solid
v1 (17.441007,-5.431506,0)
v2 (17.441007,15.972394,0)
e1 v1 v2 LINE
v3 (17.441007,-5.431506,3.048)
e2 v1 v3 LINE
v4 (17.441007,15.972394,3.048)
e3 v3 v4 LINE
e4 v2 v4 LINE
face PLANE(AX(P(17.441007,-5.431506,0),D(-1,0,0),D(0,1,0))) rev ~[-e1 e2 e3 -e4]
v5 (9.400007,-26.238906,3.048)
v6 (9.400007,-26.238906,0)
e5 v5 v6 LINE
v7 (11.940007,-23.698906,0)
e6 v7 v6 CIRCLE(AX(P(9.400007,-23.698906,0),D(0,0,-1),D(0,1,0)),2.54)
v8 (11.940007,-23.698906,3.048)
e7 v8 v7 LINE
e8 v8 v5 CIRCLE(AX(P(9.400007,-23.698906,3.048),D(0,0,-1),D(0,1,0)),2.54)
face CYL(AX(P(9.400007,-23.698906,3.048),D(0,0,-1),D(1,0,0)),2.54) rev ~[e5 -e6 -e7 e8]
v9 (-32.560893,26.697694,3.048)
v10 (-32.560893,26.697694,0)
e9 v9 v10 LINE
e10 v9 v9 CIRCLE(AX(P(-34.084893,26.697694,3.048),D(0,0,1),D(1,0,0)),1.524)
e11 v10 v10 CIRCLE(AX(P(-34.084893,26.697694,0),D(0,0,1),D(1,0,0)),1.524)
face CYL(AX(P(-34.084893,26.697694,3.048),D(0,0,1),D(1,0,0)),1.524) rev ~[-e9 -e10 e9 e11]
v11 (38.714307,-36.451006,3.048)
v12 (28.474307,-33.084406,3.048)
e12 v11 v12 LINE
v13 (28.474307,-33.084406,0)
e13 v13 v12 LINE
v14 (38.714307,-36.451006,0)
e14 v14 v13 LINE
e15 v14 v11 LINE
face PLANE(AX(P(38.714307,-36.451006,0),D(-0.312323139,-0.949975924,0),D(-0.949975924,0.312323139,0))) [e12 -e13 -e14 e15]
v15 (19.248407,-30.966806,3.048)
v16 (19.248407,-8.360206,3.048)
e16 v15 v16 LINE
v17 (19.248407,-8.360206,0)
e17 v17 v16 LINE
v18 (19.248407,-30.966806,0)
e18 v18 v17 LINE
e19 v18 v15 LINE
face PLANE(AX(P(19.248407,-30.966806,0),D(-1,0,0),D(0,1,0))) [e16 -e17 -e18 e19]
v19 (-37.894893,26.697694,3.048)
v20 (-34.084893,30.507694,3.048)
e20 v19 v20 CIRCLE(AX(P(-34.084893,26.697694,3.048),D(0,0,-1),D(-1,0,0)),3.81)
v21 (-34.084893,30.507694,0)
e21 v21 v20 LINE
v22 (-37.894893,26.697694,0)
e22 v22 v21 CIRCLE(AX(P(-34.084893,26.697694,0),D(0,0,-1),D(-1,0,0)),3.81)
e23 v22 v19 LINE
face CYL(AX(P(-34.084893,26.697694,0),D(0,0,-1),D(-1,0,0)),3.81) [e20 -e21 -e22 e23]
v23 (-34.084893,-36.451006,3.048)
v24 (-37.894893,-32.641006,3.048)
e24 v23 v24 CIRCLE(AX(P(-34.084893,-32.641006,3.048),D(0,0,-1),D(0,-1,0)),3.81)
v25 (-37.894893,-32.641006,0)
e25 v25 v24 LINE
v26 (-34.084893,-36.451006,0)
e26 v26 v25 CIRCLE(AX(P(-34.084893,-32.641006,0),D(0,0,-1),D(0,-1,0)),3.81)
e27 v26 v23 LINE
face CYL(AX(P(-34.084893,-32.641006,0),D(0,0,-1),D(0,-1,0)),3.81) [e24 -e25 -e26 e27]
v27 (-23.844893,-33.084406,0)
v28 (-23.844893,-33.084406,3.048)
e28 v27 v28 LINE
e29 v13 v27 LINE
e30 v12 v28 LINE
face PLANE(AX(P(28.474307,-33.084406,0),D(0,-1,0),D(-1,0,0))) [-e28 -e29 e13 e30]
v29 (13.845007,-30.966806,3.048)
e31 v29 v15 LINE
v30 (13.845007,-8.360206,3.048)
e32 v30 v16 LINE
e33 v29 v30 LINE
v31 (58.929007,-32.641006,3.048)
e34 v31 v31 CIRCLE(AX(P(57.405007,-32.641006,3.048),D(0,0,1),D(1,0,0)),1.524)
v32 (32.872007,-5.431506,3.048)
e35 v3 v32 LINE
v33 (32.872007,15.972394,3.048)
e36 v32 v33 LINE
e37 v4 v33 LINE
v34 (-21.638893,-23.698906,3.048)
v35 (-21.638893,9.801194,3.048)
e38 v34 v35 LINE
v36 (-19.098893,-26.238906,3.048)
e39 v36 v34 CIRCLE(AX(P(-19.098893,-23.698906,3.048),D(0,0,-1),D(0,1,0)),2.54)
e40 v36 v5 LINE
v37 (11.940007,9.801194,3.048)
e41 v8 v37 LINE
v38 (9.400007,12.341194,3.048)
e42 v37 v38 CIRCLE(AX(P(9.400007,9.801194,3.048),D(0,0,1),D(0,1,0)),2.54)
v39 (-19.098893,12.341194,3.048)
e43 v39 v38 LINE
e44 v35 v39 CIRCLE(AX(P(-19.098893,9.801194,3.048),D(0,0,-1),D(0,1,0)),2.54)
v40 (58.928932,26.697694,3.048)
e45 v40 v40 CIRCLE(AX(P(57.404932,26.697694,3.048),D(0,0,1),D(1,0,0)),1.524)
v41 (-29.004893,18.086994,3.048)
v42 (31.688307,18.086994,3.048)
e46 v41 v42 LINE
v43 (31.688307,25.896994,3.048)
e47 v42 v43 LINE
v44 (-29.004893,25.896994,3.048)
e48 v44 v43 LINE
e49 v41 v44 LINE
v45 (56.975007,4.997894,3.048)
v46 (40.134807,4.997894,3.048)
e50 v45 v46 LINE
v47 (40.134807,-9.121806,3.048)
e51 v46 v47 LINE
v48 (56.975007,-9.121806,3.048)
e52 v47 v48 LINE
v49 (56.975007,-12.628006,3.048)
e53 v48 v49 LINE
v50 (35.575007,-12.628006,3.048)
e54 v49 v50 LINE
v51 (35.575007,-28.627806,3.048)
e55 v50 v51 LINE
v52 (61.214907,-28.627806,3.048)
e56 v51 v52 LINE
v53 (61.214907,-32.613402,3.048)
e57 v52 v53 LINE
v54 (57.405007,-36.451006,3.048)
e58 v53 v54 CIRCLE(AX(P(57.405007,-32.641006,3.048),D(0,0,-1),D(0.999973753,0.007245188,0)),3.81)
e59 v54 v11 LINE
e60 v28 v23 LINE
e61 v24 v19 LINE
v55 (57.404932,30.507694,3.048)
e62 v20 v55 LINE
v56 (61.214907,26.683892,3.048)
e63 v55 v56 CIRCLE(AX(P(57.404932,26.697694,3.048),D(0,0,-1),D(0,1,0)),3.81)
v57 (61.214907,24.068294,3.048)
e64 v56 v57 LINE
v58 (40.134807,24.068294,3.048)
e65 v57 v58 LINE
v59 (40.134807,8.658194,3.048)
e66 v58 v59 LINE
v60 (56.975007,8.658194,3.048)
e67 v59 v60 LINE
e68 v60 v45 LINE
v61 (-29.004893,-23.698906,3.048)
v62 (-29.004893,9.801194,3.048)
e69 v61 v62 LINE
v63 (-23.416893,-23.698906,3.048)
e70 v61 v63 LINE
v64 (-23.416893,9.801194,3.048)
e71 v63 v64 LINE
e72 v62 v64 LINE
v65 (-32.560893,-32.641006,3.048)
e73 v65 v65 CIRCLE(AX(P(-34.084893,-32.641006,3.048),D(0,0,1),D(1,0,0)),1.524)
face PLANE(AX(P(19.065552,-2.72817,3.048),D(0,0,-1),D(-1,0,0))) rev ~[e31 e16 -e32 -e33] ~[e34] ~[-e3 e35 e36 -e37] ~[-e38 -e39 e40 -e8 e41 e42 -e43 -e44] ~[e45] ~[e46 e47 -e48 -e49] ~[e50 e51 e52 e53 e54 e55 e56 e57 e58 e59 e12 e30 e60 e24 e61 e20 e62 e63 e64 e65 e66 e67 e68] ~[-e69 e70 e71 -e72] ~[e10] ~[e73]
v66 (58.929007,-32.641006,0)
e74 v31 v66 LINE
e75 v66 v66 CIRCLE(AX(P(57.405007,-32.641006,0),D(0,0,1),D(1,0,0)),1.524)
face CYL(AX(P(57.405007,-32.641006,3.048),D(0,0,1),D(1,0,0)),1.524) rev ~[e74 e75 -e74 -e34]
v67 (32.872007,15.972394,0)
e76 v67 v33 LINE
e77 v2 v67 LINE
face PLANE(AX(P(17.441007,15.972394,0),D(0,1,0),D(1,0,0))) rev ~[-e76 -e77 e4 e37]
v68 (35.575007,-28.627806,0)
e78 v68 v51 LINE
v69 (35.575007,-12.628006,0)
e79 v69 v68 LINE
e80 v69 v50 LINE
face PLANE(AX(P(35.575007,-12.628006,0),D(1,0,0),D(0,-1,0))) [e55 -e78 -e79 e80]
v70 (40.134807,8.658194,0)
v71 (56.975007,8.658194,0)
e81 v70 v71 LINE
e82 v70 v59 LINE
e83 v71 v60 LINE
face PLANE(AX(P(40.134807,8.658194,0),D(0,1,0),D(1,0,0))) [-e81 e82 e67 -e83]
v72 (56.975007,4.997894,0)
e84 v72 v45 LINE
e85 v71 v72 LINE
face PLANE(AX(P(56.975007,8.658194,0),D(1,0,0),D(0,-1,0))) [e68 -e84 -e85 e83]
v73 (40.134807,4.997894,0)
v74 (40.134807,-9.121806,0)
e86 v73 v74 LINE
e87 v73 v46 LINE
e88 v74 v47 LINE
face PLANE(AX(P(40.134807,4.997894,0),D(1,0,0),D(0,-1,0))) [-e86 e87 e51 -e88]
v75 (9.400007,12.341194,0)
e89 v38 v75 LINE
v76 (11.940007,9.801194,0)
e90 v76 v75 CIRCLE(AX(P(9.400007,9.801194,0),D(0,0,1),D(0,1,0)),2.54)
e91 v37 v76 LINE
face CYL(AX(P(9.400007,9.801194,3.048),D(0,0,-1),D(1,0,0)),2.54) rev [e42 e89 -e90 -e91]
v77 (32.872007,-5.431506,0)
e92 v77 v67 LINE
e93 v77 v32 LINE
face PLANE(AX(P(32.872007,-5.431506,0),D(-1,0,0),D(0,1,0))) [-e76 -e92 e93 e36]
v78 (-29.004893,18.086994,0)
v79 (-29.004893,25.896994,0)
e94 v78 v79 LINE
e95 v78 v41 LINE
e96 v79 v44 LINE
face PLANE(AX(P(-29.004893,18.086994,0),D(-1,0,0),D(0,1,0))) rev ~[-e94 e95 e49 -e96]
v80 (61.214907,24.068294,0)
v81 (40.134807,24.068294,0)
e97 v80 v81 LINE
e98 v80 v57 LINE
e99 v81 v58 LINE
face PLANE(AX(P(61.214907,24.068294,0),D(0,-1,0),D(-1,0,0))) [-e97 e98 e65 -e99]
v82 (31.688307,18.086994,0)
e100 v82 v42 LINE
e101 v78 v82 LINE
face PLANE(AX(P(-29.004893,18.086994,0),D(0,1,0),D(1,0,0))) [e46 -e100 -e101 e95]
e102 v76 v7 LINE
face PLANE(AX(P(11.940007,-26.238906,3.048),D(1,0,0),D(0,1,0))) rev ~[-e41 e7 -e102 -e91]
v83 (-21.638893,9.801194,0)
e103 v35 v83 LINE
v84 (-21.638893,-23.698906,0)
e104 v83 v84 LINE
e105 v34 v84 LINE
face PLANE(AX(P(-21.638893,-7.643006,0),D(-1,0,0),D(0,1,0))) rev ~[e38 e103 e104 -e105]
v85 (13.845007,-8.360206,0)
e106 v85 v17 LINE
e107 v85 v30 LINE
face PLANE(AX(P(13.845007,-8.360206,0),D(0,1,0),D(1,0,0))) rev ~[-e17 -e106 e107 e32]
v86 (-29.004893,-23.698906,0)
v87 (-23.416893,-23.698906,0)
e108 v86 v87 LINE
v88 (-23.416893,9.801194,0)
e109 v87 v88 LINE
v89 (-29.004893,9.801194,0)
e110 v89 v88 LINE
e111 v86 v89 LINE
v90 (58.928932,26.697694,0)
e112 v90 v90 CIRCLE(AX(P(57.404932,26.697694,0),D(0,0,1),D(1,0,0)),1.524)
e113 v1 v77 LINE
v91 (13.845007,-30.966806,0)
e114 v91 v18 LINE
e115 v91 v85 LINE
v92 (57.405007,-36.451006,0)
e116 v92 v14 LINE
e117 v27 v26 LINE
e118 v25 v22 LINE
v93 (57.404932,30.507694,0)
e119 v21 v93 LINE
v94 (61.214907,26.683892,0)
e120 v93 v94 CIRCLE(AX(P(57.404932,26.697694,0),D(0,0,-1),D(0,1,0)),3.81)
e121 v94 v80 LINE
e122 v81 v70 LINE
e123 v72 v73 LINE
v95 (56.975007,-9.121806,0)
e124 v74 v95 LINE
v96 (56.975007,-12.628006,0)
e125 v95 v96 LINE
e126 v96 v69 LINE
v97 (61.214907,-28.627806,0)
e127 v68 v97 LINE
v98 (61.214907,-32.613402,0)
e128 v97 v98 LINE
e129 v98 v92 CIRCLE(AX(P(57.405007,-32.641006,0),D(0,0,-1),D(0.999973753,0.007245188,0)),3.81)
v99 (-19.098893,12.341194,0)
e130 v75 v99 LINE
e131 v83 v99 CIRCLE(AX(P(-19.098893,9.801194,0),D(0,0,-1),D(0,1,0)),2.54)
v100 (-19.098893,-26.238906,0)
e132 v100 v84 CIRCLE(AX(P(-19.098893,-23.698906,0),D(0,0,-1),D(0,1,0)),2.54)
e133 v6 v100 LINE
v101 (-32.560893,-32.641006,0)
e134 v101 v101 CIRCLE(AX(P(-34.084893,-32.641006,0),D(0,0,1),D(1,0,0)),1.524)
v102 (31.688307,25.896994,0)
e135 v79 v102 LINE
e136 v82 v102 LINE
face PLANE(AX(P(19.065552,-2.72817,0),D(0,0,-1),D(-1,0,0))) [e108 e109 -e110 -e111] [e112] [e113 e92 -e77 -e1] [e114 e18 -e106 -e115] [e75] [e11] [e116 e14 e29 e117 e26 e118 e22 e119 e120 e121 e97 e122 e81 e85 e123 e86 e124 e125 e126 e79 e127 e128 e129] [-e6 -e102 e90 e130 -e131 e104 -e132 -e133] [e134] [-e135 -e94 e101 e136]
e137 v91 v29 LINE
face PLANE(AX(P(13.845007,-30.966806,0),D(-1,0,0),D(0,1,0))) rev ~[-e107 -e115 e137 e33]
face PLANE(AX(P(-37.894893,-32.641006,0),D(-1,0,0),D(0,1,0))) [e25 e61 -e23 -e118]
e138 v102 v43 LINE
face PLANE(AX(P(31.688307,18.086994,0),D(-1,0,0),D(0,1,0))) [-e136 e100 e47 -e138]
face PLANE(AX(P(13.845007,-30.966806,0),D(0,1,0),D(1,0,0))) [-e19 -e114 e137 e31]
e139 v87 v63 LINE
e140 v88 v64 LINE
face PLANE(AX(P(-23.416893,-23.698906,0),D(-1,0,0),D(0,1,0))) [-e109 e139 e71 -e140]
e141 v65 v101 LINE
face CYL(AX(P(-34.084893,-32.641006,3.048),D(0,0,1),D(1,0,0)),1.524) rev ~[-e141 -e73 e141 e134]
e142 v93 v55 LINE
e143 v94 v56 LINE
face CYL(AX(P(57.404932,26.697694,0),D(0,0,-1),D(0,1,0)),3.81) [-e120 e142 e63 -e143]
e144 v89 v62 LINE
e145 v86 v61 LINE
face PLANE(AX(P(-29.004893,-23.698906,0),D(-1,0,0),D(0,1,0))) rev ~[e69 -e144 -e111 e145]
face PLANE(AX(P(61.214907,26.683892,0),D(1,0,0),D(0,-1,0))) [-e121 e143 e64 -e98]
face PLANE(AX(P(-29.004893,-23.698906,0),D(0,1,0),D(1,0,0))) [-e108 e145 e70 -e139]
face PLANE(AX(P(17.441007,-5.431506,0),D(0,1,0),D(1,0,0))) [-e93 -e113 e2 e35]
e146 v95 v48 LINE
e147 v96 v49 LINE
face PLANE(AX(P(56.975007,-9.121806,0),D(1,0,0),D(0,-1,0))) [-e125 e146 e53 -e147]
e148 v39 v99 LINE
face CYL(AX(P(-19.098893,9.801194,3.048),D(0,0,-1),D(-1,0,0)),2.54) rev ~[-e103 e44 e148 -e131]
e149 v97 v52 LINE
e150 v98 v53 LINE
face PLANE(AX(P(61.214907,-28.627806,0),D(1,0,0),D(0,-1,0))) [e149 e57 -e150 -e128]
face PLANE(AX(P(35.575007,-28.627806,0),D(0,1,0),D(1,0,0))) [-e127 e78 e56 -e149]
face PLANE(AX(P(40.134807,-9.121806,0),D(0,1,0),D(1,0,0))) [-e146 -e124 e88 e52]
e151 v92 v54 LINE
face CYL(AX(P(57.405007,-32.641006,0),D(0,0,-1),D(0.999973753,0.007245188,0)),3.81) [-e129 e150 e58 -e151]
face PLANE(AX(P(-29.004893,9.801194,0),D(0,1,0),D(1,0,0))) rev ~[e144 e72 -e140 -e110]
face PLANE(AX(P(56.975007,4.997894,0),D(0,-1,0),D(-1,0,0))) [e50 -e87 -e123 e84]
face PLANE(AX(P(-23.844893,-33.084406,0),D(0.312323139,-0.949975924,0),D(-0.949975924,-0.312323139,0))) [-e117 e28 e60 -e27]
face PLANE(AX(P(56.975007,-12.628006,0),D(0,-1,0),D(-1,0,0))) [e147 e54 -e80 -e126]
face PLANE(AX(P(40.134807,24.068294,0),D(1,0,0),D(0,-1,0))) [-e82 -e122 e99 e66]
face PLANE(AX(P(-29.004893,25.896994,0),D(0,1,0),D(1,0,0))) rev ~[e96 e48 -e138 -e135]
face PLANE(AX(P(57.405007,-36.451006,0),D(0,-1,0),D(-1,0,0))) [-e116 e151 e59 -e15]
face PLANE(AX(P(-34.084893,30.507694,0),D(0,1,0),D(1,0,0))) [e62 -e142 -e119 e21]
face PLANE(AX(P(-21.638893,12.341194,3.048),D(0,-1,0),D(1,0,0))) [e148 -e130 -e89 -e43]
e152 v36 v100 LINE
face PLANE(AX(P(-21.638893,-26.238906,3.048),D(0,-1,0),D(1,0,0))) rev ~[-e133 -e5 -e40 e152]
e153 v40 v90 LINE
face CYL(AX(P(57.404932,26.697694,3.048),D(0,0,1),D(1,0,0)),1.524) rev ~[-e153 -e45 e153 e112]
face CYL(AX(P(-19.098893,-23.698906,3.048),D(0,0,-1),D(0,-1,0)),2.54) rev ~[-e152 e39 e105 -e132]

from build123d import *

# Parameters (mm, degrees)
SKETCH1_R           = 1.3462
SKETCH1_W           = 5.4034
SKETCH1_H           = 22.6066
SKETCH1_W_2         = 60.6932
SKETCH1_H_2         = 7.81
SKETCH1_W_3         = 15.431
SKETCH1_H_3         = 21.4039
SKETCH1_W_4         = 31.9679
SKETCH1_H_4         = 18.2371
SKETCH1_W_5         = 5.588
SKETCH1_H_5         = 33.5001
BOSS_EXTRUDE1_DEPTH = 3.048
SKETCH2_W           = 33.5789
SKETCH2_H           = 38.5801
CUT_EXTRUDE1_DEPTH  = 4.048
FILLET1_R           = 2.54
SKETCH3_R           = 1.524
CUT_EXTRUDE2_DEPTH  = 4.048


with BuildPart() as part:
    # Sketch1 → Boss-Extrude1 (new body)
    with BuildSketch(Plane.XY):
        with BuildLine():
            Line((61.214907375, 24.068294304), (40.134807375, 24.068294304))
            Line((40.134807375, 24.068294304), (40.134807375, 8.658194304))
            Line((40.134807375, 8.658194304), (56.975007375, 8.658194304))
            Line((56.975007375, 8.658194304), (56.975007375, 4.997894304))
            Line((56.975007375, 4.997894304), (40.134807375, 4.997894304))
            Line((40.134807375, 4.997894304), (40.134807375, -9.121805696))
            Line((40.134807375, -9.121805696), (56.975007375, -9.121805696))
            Line((56.975007375, -9.121805696), (56.975007375, -12.628005696))
            Line((56.975007375, -12.628005696), (35.575007375, -12.628005696))
            Line((35.575007375, -12.628005696), (35.575007375, -28.627805696))
            Line((35.575007375, -28.627805696), (61.214907375, -28.627805696))
            Line((61.214907375, -28.627805696), (61.214907375, -32.613401529))
            ThreePointArc((61.214907375, -32.613401529), (60.108826144, -35.325305244), (57.405007375, -36.451005696))
            Line((57.405007375, -36.451005696), (38.714307375, -36.451005696))
            Line((38.714307375, -36.451005696), (28.474307375, -33.084405696))
            Line((28.474307375, -33.084405696), (-23.844892625, -33.084405696))
            Line((-23.844892625, -33.084405696), (-34.084892625, -36.451005696))
            ThreePointArc((-34.084892625, -36.451005696), (-36.778969461, -35.335082532), (-37.894892625, -32.641005696))
            Line((-37.894892625, -32.641005696), (-37.894892625, 26.697694304))
            ThreePointArc((-37.894892625, 26.697694304), (-36.778969461, 29.391771141), (-34.084892625, 30.507694304))
            Line((-34.084892625, 30.507694304), (57.404932375, 30.507694304))
            ThreePointArc((57.404932375, 30.507694304), (60.103884597, 29.386886916), (61.214907375, 26.683892153))
            Line((61.214907375, 26.683892153), (61.214907375, 24.068294304))
        make_face()
        with Locations((57.404932375, 26.697694304)):
            Circle(SKETCH1_R, mode=Mode.SUBTRACT)
        with Locations((57.405007375, -32.641005696)):
            Circle(SKETCH1_R, mode=Mode.SUBTRACT)
        with Locations((-34.084892625, -32.641005696)):
            Circle(SKETCH1_R, mode=Mode.SUBTRACT)
        with Locations((-34.084892625, 26.697694304)):
            Circle(SKETCH1_R, mode=Mode.SUBTRACT)
        with Locations((16.546707375, -19.663505696)):
            Rectangle(SKETCH1_W, SKETCH1_H, mode=Mode.SUBTRACT)
        with Locations((1.341707375, 21.991994304)):
            Rectangle(SKETCH1_W_2, SKETCH1_H_2, mode=Mode.SUBTRACT)
        with Locations((25.156507375, 5.270444304)):
            Rectangle(SKETCH1_W_3, SKETCH1_H_3, mode=Mode.SUBTRACT)
        with Locations((-5.654942625, 1.475544304)):
            Rectangle(SKETCH1_W_4, SKETCH1_H_4, mode=Mode.SUBTRACT)
        with Locations((-26.210892625, -6.948855696)):
            Rectangle(SKETCH1_W_5, SKETCH1_H_5, mode=Mode.SUBTRACT)
    extrude(amount=BOSS_EXTRUDE1_DEPTH)

    # Sketch2 → Cut-Extrude1 (cut, through all)
    with BuildSketch(Plane.XY.offset(3.048)):
        with Locations((-4.849442625, -6.948855696)):
            Rectangle(SKETCH2_W, SKETCH2_H)
    extrude(amount=-CUT_EXTRUDE1_DEPTH, mode=Mode.SUBTRACT)

    # Fillet1
    fillet1_edges = [part.edges().sort_by_distance(p)[0] for p in [
        (-21.638892625, -26.238905696, 1.524),
        (11.940007375, 12.341194304, 1.524),
        (11.940007375, -26.238905696, 1.524),
        (-21.638892625, 12.341194304, 1.524),
    ]]
    fillet(fillet1_edges, radius=FILLET1_R)

    # Sketch3 → Cut-Extrude2 (cut, through all)
    with BuildSketch(Plane.XY.offset(3.048)):
        with Locations((-34.084892625, 26.697694304)):
            Circle(SKETCH3_R)
        with Locations((57.404932375, 26.697694304)):
            Circle(SKETCH3_R)
        with Locations((57.405007375, -32.641005696)):
            Circle(SKETCH3_R)
        with Locations((-34.084892625, -32.641005696)):
            Circle(SKETCH3_R)
    extrude(amount=-CUT_EXTRUDE2_DEPTH, mode=Mode.SUBTRACT)


solid = part.part
